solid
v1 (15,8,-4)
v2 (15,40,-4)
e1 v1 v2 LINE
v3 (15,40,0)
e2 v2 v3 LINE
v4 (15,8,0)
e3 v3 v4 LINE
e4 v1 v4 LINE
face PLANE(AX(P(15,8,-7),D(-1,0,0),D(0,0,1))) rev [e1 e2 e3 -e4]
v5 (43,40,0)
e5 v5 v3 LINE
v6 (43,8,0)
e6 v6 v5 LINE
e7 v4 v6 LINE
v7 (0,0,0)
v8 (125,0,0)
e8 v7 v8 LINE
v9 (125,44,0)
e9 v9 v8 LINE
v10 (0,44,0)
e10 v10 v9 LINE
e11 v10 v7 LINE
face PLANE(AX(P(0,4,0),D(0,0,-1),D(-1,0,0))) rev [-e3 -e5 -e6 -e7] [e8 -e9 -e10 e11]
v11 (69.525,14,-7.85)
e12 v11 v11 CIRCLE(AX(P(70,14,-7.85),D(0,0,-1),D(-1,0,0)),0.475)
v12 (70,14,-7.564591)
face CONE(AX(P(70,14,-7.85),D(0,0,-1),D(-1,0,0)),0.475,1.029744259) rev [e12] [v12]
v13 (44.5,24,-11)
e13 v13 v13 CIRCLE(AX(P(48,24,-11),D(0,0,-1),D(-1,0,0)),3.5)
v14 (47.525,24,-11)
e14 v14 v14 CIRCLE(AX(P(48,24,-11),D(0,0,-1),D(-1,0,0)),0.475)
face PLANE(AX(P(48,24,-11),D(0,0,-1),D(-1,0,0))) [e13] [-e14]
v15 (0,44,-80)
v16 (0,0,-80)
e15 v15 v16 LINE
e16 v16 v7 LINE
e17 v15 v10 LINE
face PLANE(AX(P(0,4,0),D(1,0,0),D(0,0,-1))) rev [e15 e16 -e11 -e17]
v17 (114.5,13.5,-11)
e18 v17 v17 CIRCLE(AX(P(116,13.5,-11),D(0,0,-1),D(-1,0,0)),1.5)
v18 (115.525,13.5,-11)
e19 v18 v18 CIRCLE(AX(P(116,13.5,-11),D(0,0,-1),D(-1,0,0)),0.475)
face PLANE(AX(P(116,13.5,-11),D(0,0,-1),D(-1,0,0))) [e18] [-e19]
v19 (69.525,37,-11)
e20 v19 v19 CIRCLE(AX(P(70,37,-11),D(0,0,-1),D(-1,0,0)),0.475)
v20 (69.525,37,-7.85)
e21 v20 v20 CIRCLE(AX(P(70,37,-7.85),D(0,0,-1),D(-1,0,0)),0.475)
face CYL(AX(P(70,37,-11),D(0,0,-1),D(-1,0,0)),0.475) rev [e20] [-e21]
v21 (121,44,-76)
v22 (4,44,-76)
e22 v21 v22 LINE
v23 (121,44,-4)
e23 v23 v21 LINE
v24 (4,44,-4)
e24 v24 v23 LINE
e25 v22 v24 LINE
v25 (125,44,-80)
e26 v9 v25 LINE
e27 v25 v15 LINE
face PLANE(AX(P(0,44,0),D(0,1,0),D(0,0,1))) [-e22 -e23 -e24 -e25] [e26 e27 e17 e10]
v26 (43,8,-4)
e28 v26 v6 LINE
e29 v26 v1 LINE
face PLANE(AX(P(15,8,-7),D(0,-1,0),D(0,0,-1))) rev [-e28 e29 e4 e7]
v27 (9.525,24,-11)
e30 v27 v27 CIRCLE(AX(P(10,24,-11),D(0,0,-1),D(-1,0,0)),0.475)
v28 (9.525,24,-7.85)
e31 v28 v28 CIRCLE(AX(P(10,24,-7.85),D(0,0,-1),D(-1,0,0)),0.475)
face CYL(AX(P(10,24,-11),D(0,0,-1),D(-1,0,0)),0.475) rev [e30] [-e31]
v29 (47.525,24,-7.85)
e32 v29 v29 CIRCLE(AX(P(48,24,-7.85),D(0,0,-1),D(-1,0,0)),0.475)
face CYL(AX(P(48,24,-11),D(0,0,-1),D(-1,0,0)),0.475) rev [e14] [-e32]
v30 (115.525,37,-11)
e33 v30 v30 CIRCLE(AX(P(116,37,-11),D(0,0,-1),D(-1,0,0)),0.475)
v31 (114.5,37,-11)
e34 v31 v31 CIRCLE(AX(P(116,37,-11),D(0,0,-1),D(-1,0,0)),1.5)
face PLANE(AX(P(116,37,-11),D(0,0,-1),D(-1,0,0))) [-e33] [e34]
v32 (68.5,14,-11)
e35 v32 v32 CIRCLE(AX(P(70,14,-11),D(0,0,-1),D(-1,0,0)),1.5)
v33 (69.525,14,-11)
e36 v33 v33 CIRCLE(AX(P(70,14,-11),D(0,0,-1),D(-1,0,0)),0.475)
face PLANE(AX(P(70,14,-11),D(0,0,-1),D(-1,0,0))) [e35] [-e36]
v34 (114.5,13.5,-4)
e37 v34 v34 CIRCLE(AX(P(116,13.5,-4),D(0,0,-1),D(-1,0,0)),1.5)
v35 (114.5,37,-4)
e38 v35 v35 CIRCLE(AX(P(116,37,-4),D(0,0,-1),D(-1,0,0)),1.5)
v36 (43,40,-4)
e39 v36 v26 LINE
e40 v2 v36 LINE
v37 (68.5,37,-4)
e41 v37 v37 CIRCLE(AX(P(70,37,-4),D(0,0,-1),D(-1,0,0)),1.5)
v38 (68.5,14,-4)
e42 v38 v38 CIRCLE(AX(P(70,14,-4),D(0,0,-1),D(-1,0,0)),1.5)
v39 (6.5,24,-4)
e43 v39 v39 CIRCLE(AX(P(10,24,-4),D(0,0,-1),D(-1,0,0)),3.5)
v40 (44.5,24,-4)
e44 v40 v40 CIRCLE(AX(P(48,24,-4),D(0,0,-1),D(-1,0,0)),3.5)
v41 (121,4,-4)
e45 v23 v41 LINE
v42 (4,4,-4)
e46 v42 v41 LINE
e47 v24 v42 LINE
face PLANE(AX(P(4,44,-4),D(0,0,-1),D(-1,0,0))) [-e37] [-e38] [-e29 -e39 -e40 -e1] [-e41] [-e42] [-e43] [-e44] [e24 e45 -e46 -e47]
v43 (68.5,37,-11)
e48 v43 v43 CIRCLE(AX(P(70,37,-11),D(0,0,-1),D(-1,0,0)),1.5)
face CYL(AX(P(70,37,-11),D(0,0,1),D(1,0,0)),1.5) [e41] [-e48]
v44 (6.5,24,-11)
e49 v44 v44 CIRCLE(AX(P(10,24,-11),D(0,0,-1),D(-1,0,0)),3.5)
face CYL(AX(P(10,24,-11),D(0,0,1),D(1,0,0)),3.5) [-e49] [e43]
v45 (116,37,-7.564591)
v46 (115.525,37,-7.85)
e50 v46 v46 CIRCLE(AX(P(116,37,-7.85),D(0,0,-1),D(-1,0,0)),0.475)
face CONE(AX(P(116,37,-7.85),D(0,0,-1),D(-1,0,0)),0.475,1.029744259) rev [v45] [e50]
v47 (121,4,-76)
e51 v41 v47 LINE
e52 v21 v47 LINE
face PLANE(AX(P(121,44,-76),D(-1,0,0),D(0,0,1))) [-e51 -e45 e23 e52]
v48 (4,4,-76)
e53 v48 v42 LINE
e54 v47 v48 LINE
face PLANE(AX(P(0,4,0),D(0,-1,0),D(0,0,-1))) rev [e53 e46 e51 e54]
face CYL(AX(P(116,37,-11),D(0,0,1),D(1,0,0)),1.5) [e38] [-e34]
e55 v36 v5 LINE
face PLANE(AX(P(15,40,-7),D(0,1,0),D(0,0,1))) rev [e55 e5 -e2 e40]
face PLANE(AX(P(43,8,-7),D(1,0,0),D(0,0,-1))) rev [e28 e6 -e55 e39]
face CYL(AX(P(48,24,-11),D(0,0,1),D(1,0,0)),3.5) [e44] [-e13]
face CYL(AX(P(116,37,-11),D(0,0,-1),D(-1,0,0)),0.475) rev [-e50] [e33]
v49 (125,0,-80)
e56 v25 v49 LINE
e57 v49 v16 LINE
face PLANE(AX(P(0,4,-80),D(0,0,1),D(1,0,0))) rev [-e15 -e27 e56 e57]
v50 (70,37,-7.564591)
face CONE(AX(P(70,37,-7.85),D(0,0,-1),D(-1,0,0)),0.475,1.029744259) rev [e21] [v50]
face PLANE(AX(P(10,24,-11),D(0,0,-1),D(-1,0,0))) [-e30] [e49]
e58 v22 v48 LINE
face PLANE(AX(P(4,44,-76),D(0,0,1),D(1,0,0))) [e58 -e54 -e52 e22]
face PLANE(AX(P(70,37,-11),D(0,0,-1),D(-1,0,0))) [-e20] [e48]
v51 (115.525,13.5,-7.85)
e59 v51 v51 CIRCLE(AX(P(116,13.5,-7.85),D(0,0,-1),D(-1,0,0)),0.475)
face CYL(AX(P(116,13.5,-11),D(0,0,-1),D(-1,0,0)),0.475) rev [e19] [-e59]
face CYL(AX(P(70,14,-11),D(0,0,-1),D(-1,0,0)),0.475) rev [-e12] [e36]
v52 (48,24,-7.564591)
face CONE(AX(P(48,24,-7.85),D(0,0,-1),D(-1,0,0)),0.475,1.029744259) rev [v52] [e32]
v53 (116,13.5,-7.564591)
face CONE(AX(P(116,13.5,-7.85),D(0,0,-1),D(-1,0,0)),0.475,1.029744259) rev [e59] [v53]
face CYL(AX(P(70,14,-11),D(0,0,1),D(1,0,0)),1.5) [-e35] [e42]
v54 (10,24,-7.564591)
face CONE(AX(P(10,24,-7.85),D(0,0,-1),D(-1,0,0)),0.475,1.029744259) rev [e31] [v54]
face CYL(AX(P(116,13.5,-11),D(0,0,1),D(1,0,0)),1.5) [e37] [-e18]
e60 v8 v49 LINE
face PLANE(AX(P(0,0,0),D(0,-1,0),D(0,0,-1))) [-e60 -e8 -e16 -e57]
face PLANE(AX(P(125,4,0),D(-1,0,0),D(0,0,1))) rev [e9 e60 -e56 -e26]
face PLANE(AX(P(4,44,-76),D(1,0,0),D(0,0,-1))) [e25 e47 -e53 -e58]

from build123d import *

# Parameters (mm, degrees)
BASE_SKETCH_W                   = 125
BASE_SKETCH_H                   = 80
BASE_EXTRUDE_DEPTH              = 4
WALL_BASE_SKETCH_W              = 125
WALL_BASE_SKETCH_H              = 80
WALL_BASE_SKETCH_W_2            = 117
WALL_BASE_SKETCH_H_2            = 72
WALL_BASE_EXTRUDE_DEPTH         = 40
SPEAKER_HOLE_SKETCH_W           = 28
SPEAKER_HOLE_SKETCH_H           = 32
SPEAKER_HOLE_DEPTH              = 7
SPEAKER_STANDOFFS_SKETCH_R      = 3.5
SPEAKER_STANDOFFS_SKETCH_R_2    = 1.5
SPEAKER_STANDOFFS_EXTRUDE_DEPTH = 7
M1_2X0_25_TAPPED_HOLE2_D        = 0.95
M1_2X0_25_TAPPED_HOLE2_DEPTH    = 3.15
M1_2X0_25_TAPPED_HOLE2_TIP      = 0.285408794


with BuildPart() as part:
    # base sketch → base extrude (new body)
    with BuildSketch(Plane(origin=(0, 0, 0), x_dir=(1, 0, 0), z_dir=(0, 1, 0))):
        with Locations((62.5, 40)):
            Rectangle(BASE_SKETCH_W, BASE_SKETCH_H)
    extrude(amount=BASE_EXTRUDE_DEPTH)

    # wall base sketch → wall base extrude (add)
    with BuildSketch(Plane(origin=(0, 4, 0), x_dir=(1, 0, 0), z_dir=(0, 1, 0))):
        with Locations((62.5, 40)):
            Rectangle(WALL_BASE_SKETCH_W, WALL_BASE_SKETCH_H)
        with Locations((62.5, 40)):
            Rectangle(WALL_BASE_SKETCH_W_2, WALL_BASE_SKETCH_H_2, mode=Mode.SUBTRACT)
    extrude(amount=WALL_BASE_EXTRUDE_DEPTH)

    # speaker hole sketch → speaker hole (cut)
    with BuildSketch(Plane.XY):
        with Locations((29, 24)):
            Rectangle(SPEAKER_HOLE_SKETCH_W, SPEAKER_HOLE_SKETCH_H)
    extrude(amount=-SPEAKER_HOLE_DEPTH, mode=Mode.SUBTRACT)

    # speaker standoffs sketch → speaker standoffs extrude (add)
    with BuildSketch(Plane(origin=(0, 0, -4), x_dir=(-1, 0, 0), z_dir=(0, 0, -1))):
        with Locations((-48, 24)):
            Circle(SPEAKER_STANDOFFS_SKETCH_R)
        with Locations((-10, 24)):
            Circle(SPEAKER_STANDOFFS_SKETCH_R)
        with Locations((-116, 37)):
            Circle(SPEAKER_STANDOFFS_SKETCH_R_2)
        with Locations((-70, 37)):
            Circle(SPEAKER_STANDOFFS_SKETCH_R_2)
        with Locations((-116, 13.5)):
            Circle(SPEAKER_STANDOFFS_SKETCH_R_2)
        with Locations((-70, 14)):
            Circle(SPEAKER_STANDOFFS_SKETCH_R_2)
    extrude(amount=SPEAKER_STANDOFFS_EXTRUDE_DEPTH)

    # M1.2x0.25 Tapped Hole2
    with Locations(Plane(origin=(48, 24, -11), x_dir=(-1, 0, 0), z_dir=(0, 0, -1))):
        with Locations((0, 0), (38, 0), (-22, -10), (-22, 13), (-68, -10.5), (-68, 13)):
            Hole(M1_2X0_25_TAPPED_HOLE2_D / 2, depth=M1_2X0_25_TAPPED_HOLE2_DEPTH)
            with Locations((0, 0, -(M1_2X0_25_TAPPED_HOLE2_DEPTH + M1_2X0_25_TAPPED_HOLE2_TIP / 2))):  # 118° drill point
                Cone(0, M1_2X0_25_TAPPED_HOLE2_D / 2, M1_2X0_25_TAPPED_HOLE2_TIP, mode=Mode.SUBTRACT)


solid = part.part
